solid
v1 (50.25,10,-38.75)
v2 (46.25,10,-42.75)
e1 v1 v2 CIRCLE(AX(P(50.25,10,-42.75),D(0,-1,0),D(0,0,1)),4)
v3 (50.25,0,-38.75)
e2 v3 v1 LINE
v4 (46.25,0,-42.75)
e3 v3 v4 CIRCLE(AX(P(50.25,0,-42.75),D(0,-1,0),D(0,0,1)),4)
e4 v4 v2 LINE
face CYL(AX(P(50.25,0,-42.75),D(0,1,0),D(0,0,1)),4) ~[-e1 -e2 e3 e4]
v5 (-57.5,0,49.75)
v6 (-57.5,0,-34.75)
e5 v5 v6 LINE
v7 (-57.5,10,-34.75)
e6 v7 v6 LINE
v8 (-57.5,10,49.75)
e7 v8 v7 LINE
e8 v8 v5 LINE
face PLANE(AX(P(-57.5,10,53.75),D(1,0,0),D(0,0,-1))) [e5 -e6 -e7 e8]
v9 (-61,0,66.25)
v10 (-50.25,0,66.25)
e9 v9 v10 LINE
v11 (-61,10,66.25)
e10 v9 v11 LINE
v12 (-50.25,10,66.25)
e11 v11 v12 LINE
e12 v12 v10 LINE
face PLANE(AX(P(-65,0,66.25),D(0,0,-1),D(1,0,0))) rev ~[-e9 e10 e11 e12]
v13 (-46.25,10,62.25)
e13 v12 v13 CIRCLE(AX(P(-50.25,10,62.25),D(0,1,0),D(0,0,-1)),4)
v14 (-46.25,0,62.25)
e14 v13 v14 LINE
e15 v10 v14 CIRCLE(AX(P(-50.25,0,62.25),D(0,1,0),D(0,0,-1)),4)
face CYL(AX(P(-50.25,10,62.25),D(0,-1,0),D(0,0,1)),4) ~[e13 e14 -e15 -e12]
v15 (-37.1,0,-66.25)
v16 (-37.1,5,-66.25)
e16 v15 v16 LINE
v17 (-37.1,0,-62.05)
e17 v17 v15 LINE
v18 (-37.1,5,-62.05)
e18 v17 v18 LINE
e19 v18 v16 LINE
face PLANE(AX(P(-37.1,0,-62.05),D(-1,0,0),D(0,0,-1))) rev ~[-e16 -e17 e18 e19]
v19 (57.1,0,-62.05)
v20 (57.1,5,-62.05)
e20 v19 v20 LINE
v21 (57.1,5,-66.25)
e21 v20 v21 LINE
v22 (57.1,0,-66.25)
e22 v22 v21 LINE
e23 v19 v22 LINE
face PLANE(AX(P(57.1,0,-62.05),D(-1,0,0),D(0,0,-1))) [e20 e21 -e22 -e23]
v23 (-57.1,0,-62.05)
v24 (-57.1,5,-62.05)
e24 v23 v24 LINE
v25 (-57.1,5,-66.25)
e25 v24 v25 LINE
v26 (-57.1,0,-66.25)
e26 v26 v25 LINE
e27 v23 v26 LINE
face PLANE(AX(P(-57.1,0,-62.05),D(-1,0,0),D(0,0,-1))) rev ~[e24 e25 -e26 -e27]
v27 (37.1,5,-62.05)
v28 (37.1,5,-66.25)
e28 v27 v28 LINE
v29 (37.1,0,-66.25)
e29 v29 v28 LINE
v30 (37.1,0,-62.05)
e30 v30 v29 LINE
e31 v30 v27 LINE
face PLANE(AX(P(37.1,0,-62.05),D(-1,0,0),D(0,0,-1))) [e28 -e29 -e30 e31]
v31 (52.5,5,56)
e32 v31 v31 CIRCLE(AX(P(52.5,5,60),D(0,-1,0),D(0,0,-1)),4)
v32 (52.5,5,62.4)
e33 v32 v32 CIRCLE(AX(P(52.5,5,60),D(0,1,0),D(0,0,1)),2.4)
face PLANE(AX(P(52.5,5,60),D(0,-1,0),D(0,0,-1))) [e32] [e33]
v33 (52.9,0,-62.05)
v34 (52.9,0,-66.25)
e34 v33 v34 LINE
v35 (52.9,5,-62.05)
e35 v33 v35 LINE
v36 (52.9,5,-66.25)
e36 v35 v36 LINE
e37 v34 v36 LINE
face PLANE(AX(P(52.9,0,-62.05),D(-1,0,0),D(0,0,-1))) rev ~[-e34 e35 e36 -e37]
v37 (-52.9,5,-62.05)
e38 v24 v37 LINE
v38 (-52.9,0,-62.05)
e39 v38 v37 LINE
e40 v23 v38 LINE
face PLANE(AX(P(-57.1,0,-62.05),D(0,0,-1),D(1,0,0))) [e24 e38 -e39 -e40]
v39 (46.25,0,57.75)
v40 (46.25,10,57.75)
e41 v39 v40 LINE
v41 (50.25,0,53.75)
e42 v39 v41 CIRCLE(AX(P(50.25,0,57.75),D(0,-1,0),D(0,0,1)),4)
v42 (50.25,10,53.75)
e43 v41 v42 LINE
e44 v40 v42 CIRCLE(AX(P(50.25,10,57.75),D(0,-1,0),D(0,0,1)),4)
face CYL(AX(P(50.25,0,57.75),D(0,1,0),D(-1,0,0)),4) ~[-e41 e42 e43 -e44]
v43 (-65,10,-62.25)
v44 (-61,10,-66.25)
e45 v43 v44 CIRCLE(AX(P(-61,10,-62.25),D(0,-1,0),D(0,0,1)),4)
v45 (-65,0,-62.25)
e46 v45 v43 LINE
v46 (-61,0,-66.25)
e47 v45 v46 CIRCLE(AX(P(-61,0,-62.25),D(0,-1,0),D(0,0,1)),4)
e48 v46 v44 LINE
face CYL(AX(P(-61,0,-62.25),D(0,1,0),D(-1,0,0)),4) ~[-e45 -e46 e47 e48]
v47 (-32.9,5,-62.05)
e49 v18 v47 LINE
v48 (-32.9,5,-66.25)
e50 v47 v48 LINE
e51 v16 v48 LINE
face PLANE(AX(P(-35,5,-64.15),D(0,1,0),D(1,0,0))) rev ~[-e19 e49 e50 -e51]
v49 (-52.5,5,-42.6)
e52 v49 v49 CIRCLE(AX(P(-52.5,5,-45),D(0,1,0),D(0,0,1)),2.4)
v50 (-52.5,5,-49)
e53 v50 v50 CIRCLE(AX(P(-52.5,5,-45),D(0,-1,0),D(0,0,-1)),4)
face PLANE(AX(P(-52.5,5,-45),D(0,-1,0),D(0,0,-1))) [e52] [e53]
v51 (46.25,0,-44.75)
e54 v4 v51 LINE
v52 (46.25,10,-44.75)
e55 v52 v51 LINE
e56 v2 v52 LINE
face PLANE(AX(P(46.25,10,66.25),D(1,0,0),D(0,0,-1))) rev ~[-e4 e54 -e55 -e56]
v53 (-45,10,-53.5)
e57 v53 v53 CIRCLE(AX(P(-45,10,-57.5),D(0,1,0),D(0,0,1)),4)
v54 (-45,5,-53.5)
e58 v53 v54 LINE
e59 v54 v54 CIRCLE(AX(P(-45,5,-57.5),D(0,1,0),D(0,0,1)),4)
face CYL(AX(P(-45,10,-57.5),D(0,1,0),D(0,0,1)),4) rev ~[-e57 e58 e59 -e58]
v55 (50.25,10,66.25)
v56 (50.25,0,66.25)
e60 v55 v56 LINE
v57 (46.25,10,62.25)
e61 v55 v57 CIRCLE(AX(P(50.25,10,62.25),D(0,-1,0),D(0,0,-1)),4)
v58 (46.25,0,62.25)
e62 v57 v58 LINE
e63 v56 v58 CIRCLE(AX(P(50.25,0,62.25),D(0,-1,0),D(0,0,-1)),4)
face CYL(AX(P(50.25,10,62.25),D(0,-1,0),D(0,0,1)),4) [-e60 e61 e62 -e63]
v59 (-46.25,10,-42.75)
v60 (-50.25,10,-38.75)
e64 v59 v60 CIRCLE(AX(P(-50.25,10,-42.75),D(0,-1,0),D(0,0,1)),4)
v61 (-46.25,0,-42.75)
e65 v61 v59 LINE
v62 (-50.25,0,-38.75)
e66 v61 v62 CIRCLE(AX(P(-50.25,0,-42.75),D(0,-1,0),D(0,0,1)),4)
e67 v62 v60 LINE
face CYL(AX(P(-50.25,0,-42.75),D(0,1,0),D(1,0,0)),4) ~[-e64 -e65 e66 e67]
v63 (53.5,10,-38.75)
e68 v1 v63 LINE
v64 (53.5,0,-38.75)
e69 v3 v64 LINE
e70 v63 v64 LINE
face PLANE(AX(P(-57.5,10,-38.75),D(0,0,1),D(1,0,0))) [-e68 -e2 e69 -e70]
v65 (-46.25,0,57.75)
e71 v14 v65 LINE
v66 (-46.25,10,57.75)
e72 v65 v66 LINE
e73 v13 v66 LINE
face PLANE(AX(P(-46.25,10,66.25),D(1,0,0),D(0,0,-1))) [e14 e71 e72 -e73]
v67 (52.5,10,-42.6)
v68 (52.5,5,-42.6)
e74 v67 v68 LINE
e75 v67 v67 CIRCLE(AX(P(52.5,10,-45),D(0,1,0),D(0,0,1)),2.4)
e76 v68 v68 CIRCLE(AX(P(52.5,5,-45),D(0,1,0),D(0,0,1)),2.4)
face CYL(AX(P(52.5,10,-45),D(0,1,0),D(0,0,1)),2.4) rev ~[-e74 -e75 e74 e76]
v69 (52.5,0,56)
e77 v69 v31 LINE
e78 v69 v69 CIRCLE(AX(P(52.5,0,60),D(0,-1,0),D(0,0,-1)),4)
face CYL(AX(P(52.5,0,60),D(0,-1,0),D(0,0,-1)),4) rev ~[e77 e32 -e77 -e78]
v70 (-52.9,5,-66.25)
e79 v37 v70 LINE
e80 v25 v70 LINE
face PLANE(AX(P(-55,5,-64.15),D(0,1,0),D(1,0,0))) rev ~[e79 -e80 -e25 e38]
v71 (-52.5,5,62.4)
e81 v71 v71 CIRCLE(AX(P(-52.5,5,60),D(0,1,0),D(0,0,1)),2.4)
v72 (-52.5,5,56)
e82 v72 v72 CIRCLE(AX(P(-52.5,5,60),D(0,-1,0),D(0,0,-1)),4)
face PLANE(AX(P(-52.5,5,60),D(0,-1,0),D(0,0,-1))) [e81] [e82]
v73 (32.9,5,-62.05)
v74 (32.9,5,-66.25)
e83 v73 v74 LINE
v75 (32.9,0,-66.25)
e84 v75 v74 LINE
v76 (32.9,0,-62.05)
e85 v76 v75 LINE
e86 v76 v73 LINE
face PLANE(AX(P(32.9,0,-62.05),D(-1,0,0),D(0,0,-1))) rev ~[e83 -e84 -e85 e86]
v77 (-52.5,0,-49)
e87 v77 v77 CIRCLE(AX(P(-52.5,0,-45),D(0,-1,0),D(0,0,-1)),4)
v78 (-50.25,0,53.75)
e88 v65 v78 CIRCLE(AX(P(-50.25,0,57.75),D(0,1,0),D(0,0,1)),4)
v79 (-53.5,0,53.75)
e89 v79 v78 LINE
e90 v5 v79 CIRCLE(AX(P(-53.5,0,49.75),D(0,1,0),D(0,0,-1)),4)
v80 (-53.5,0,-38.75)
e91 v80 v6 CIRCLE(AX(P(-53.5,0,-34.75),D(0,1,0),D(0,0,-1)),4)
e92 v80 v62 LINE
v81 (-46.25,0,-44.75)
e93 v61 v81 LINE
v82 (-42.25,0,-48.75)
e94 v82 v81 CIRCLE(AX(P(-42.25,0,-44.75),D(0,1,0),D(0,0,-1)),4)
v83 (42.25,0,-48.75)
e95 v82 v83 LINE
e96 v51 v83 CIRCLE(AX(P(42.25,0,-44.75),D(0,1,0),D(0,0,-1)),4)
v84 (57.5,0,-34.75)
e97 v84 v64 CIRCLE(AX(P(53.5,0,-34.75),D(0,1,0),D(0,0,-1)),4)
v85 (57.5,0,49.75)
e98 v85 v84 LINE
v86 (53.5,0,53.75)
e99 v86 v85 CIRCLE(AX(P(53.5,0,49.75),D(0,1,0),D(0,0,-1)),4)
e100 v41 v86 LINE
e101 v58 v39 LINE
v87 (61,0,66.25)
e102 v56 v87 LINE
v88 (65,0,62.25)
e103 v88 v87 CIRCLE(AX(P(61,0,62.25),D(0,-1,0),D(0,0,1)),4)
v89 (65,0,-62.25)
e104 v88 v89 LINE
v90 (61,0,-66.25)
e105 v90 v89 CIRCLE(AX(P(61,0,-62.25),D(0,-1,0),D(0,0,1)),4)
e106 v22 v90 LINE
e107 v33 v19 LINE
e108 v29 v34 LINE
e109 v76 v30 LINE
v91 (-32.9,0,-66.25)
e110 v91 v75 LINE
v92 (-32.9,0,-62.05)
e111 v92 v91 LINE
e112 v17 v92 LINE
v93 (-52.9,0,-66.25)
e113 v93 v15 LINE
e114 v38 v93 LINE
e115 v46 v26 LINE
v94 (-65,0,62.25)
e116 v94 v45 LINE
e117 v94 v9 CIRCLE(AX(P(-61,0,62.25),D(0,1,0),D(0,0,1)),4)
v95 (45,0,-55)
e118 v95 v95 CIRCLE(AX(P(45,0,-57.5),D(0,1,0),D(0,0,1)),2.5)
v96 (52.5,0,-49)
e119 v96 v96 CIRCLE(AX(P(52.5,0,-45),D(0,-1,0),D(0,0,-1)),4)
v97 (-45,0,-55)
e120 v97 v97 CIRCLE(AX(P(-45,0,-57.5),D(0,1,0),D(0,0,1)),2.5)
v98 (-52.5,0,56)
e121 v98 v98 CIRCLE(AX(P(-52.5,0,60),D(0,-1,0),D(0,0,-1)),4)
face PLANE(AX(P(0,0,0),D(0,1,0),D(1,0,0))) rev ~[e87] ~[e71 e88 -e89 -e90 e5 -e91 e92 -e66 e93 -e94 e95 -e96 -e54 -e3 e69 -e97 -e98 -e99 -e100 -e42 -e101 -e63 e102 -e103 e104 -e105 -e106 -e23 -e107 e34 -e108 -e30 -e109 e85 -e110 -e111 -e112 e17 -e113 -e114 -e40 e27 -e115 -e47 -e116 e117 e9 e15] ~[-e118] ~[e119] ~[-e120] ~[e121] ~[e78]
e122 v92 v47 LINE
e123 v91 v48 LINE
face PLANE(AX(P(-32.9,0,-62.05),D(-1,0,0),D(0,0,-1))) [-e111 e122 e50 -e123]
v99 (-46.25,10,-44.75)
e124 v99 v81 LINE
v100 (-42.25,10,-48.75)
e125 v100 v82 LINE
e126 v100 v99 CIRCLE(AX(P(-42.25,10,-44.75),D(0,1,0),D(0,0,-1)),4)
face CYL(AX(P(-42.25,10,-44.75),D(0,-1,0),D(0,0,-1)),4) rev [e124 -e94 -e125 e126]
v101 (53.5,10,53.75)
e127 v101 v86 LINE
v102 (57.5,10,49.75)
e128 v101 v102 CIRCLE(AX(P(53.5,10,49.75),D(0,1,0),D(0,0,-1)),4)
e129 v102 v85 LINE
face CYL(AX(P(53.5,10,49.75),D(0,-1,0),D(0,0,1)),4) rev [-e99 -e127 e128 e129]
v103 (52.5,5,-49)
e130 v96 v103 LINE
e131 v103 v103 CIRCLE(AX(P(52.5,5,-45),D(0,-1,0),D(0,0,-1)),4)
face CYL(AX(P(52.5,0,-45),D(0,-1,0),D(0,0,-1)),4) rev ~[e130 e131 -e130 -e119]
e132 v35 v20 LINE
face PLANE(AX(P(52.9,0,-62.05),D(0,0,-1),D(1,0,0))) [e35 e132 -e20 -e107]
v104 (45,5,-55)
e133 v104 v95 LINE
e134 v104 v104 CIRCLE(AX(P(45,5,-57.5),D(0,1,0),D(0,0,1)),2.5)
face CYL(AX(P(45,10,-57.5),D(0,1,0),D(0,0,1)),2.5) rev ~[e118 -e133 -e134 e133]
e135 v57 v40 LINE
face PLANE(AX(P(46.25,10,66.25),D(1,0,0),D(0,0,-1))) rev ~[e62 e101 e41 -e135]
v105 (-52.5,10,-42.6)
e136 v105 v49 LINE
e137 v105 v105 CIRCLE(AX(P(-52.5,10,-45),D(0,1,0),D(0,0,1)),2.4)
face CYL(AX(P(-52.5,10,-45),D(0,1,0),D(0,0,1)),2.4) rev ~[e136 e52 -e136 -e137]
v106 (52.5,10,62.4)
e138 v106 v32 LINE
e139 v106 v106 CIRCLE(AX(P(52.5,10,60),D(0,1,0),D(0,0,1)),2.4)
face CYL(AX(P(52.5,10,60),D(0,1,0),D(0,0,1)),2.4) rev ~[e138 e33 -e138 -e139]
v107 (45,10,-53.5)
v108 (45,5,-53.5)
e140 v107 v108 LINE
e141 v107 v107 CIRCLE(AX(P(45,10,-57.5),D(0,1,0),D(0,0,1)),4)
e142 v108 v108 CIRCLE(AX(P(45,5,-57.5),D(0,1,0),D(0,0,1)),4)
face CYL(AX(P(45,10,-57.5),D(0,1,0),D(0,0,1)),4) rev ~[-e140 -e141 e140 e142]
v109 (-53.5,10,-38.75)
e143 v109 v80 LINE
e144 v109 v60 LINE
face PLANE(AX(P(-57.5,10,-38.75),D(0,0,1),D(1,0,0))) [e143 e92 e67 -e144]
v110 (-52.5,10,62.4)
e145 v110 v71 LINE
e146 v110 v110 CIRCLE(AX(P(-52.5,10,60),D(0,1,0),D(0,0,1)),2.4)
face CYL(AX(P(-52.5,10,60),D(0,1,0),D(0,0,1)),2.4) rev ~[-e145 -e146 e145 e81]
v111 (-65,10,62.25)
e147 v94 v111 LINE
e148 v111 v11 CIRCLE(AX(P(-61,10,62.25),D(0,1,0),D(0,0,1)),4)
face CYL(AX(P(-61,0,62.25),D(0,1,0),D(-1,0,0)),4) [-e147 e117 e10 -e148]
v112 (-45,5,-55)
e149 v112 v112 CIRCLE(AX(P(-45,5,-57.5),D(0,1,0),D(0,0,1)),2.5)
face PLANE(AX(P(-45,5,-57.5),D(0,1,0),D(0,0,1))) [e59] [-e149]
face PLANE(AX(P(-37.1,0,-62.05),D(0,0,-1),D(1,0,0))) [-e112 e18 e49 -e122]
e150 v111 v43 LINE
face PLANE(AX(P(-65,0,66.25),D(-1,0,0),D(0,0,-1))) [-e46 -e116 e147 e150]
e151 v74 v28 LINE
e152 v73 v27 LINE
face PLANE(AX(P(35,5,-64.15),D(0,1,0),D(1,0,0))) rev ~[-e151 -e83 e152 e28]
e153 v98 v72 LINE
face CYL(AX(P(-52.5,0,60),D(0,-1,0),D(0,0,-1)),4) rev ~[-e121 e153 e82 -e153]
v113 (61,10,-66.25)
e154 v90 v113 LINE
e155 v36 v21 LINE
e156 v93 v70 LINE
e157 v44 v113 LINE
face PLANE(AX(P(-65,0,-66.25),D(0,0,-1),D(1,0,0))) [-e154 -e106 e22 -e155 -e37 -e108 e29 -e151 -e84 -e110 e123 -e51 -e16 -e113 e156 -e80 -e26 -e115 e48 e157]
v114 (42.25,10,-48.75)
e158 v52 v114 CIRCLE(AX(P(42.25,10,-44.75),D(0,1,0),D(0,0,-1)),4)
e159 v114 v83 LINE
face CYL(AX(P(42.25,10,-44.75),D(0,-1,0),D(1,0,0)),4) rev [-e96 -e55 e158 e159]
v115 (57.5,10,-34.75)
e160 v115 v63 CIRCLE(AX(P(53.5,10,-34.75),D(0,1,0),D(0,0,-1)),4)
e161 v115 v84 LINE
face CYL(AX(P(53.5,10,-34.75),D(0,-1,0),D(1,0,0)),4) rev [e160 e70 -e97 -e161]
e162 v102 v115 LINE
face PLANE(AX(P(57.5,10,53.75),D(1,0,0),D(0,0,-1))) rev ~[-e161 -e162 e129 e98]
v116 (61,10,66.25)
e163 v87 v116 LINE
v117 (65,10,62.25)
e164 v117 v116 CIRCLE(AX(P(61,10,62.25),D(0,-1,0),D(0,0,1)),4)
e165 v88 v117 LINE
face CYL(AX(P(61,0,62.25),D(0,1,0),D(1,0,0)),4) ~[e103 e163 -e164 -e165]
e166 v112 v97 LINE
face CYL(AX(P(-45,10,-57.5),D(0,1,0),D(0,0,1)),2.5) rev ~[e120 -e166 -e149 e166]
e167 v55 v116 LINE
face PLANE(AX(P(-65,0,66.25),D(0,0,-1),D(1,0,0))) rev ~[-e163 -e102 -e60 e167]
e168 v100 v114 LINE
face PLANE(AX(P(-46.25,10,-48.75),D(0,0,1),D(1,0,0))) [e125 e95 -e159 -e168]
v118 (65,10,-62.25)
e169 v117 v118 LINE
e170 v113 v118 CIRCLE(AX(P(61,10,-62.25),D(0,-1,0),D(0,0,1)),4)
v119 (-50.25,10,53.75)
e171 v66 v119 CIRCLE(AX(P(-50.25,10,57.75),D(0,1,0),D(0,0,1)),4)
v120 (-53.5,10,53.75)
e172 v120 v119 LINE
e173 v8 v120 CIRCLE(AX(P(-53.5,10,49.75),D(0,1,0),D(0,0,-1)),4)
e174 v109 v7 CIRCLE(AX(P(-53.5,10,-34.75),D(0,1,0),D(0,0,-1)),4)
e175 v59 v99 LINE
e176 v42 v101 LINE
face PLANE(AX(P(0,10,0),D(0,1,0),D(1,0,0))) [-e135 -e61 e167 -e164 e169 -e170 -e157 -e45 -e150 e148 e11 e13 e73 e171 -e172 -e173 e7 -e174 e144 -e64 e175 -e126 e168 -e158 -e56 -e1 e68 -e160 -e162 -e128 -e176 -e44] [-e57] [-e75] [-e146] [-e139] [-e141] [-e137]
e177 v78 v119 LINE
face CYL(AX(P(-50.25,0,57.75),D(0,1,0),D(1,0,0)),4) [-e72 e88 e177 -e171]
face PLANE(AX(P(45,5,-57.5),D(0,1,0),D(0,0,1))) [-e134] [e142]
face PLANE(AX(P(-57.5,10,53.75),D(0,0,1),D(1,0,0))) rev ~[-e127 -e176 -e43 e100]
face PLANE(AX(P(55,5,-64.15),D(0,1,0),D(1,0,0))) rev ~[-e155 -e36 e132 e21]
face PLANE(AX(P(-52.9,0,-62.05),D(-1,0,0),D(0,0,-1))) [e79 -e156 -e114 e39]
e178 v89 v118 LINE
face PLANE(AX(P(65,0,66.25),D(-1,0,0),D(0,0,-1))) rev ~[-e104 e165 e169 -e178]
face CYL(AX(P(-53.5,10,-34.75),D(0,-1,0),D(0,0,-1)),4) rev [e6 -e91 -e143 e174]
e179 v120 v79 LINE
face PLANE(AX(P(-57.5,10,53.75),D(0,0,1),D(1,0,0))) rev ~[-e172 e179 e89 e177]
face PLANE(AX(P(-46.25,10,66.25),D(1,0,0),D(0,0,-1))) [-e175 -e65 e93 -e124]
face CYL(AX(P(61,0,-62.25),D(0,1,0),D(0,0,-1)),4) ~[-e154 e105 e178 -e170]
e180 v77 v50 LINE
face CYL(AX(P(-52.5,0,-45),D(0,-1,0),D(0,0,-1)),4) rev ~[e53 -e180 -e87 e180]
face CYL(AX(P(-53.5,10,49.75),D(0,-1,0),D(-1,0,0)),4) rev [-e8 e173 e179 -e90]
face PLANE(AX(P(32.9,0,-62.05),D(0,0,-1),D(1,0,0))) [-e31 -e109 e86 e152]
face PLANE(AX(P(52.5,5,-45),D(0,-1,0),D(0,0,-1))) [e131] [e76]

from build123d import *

# Parameters (mm, degrees)
SKETCH1_W           = 130
SKETCH1_H           = 132.5
BOSS_EXTRUDE1_DEPTH = 10
SKETCH2_R           = 2.4
CUT_EXTRUDE1_DEPTH  = 94.349143006
SKETCH3_W           = 115
SKETCH3_H           = 92.5
CUT_EXTRUDE2_DEPTH  = 94.349143006
SKETCH5_W           = 92.5
SKETCH5_H           = 115
CUT_EXTRUDE3_DEPTH  = 94.349143006
FILLET1_R           = 4
SKETCH6_R           = 2.5
CUT_EXTRUDE4_DEPTH  = 10
SKETCH7_R           = 4
CUT_EXTRUDE5_DEPTH  = 5
SKETCH8_W           = 4.2
SKETCH8_H           = 4.2
CUT_EXTRUDE6_DEPTH  = 5
SKETCH9_R           = 4
CUT_EXTRUDE7_DEPTH  = 5


with BuildPart() as part:
    # Sketch1 → Boss-Extrude1 (new body)
    with BuildSketch(Plane(origin=(0, 0, 0), x_dir=(1, 0, 0), z_dir=(0, 1, 0))):
        Rectangle(SKETCH1_W, SKETCH1_H)
    extrude(amount=BOSS_EXTRUDE1_DEPTH)

    # Sketch2 → Cut-Extrude1 (cut, through all)
    with BuildSketch(Plane(origin=(0, 10, 0), x_dir=(1, 0, 0), z_dir=(0, 1, 0))):
        with Locations(Location((-52.5, -60, 0), (0, 0, 270))):
            Circle(SKETCH2_R)
        with Locations(Location((52.5, -60, 0), (0, 0, 270))):
            Circle(SKETCH2_R)
        with Locations(Location((52.5, 45, 0), (0, 0, 270))):
            Circle(SKETCH2_R)
        with Locations(Location((-52.5, 45, 0), (0, 0, 270))):
            Circle(SKETCH2_R)
    extrude(amount=-CUT_EXTRUDE1_DEPTH, mode=Mode.SUBTRACT)

    # Sketch3 → Cut-Extrude2 (cut, through all)
    with BuildSketch(Plane(origin=(0, 10, 0), x_dir=(1, 0, 0), z_dir=(0, 1, 0))):
        with Locations((0, -7.5)):
            Rectangle(SKETCH3_W, SKETCH3_H)
    extrude(amount=-CUT_EXTRUDE2_DEPTH, mode=Mode.SUBTRACT)

    # Sketch5 → Cut-Extrude3 (cut, through all)
    with BuildSketch(Plane(origin=(0, 10, 0), x_dir=(1, 0, 0), z_dir=(0, 1, 0))):
        with Locations((0, -8.75)):
            Rectangle(SKETCH5_W, SKETCH5_H)
    extrude(amount=-CUT_EXTRUDE3_DEPTH, mode=Mode.SUBTRACT)

    # Fillet1
    fillet1_edges = [part.edges().sort_by_distance(p)[0] for p in [
        (-57.5, 5, 53.75),
        (-57.5, 5, -38.75),
        (57.5, 5, -38.75),
        (57.5, 5, 53.75),
        (46.25, 5, 53.75),
        (-46.25, 5, 53.75),
        (-46.25, 5, -38.75),
        (-46.25, 5, 66.25),
        (46.25, 5, -38.75),
        (46.25, 5, -48.75),
        (-46.25, 5, -48.75),
        (46.25, 5, 66.25),
        (65, 5, 66.25),
        (-65, 5, 66.25),
        (-65, 5, -66.25),
        (65, 5, -66.25),
    ]]
    fillet(fillet1_edges, radius=FILLET1_R)

    # Sketch6 → Cut-Extrude4 (cut)
    with BuildSketch(Plane(origin=(0, 10, 0), x_dir=(1, 0, 0), z_dir=(0, 1, 0))):
        with Locations(Location((-45, 57.5, 0), (0, 0, 270))):
            Circle(SKETCH6_R)
        with Locations(Location((45, 57.5, 0), (0, 0, 270))):
            Circle(SKETCH6_R)
    extrude(amount=-CUT_EXTRUDE4_DEPTH, mode=Mode.SUBTRACT)

    # Sketch7 → Cut-Extrude5 (cut)
    with BuildSketch(Plane(origin=(0, 10, 0), x_dir=(1, 0, 0), z_dir=(0, 1, 0))):
        with Locations(Location((-45, 57.5, 0), (0, 0, 270))):
            Circle(SKETCH7_R)
        with Locations(Location((45, 57.5, 0), (0, 0, 270))):
            Circle(SKETCH7_R)
    extrude(amount=-CUT_EXTRUDE5_DEPTH, mode=Mode.SUBTRACT)

    # Sketch8 → Cut-Extrude6 (cut)
    with BuildSketch(Plane(origin=(0, 0, 0), x_dir=(1, 0, 0), z_dir=(0, 1, 0))):
        with Locations((-55, 64.15)):
            Rectangle(SKETCH8_W, SKETCH8_H)
        with Locations((-35, 64.15)):
            Rectangle(SKETCH8_W, SKETCH8_H)
        with Locations((35, 64.15)):
            Rectangle(SKETCH8_W, SKETCH8_H)
        with Locations((55, 64.15)):
            Rectangle(SKETCH8_W, SKETCH8_H)
    extrude(amount=CUT_EXTRUDE6_DEPTH, mode=Mode.SUBTRACT)

    # Sketch9 → Cut-Extrude7 (cut)
    with BuildSketch(Plane.XZ):
        with Locations(Location((-52.5, 60, 0), (0, 0, 270))):
            Circle(SKETCH9_R)
        with Locations(Location((52.5, 60, 0), (0, 0, 270))):
            Circle(SKETCH9_R)
        with Locations(Location((-52.5, -45, 0), (0, 0, 270))):
            Circle(SKETCH9_R)
        with Locations(Location((52.5, -45, 0), (0, 0, 270))):
            Circle(SKETCH9_R)
    extrude(amount=-CUT_EXTRUDE7_DEPTH, mode=Mode.SUBTRACT)


solid = part.part
